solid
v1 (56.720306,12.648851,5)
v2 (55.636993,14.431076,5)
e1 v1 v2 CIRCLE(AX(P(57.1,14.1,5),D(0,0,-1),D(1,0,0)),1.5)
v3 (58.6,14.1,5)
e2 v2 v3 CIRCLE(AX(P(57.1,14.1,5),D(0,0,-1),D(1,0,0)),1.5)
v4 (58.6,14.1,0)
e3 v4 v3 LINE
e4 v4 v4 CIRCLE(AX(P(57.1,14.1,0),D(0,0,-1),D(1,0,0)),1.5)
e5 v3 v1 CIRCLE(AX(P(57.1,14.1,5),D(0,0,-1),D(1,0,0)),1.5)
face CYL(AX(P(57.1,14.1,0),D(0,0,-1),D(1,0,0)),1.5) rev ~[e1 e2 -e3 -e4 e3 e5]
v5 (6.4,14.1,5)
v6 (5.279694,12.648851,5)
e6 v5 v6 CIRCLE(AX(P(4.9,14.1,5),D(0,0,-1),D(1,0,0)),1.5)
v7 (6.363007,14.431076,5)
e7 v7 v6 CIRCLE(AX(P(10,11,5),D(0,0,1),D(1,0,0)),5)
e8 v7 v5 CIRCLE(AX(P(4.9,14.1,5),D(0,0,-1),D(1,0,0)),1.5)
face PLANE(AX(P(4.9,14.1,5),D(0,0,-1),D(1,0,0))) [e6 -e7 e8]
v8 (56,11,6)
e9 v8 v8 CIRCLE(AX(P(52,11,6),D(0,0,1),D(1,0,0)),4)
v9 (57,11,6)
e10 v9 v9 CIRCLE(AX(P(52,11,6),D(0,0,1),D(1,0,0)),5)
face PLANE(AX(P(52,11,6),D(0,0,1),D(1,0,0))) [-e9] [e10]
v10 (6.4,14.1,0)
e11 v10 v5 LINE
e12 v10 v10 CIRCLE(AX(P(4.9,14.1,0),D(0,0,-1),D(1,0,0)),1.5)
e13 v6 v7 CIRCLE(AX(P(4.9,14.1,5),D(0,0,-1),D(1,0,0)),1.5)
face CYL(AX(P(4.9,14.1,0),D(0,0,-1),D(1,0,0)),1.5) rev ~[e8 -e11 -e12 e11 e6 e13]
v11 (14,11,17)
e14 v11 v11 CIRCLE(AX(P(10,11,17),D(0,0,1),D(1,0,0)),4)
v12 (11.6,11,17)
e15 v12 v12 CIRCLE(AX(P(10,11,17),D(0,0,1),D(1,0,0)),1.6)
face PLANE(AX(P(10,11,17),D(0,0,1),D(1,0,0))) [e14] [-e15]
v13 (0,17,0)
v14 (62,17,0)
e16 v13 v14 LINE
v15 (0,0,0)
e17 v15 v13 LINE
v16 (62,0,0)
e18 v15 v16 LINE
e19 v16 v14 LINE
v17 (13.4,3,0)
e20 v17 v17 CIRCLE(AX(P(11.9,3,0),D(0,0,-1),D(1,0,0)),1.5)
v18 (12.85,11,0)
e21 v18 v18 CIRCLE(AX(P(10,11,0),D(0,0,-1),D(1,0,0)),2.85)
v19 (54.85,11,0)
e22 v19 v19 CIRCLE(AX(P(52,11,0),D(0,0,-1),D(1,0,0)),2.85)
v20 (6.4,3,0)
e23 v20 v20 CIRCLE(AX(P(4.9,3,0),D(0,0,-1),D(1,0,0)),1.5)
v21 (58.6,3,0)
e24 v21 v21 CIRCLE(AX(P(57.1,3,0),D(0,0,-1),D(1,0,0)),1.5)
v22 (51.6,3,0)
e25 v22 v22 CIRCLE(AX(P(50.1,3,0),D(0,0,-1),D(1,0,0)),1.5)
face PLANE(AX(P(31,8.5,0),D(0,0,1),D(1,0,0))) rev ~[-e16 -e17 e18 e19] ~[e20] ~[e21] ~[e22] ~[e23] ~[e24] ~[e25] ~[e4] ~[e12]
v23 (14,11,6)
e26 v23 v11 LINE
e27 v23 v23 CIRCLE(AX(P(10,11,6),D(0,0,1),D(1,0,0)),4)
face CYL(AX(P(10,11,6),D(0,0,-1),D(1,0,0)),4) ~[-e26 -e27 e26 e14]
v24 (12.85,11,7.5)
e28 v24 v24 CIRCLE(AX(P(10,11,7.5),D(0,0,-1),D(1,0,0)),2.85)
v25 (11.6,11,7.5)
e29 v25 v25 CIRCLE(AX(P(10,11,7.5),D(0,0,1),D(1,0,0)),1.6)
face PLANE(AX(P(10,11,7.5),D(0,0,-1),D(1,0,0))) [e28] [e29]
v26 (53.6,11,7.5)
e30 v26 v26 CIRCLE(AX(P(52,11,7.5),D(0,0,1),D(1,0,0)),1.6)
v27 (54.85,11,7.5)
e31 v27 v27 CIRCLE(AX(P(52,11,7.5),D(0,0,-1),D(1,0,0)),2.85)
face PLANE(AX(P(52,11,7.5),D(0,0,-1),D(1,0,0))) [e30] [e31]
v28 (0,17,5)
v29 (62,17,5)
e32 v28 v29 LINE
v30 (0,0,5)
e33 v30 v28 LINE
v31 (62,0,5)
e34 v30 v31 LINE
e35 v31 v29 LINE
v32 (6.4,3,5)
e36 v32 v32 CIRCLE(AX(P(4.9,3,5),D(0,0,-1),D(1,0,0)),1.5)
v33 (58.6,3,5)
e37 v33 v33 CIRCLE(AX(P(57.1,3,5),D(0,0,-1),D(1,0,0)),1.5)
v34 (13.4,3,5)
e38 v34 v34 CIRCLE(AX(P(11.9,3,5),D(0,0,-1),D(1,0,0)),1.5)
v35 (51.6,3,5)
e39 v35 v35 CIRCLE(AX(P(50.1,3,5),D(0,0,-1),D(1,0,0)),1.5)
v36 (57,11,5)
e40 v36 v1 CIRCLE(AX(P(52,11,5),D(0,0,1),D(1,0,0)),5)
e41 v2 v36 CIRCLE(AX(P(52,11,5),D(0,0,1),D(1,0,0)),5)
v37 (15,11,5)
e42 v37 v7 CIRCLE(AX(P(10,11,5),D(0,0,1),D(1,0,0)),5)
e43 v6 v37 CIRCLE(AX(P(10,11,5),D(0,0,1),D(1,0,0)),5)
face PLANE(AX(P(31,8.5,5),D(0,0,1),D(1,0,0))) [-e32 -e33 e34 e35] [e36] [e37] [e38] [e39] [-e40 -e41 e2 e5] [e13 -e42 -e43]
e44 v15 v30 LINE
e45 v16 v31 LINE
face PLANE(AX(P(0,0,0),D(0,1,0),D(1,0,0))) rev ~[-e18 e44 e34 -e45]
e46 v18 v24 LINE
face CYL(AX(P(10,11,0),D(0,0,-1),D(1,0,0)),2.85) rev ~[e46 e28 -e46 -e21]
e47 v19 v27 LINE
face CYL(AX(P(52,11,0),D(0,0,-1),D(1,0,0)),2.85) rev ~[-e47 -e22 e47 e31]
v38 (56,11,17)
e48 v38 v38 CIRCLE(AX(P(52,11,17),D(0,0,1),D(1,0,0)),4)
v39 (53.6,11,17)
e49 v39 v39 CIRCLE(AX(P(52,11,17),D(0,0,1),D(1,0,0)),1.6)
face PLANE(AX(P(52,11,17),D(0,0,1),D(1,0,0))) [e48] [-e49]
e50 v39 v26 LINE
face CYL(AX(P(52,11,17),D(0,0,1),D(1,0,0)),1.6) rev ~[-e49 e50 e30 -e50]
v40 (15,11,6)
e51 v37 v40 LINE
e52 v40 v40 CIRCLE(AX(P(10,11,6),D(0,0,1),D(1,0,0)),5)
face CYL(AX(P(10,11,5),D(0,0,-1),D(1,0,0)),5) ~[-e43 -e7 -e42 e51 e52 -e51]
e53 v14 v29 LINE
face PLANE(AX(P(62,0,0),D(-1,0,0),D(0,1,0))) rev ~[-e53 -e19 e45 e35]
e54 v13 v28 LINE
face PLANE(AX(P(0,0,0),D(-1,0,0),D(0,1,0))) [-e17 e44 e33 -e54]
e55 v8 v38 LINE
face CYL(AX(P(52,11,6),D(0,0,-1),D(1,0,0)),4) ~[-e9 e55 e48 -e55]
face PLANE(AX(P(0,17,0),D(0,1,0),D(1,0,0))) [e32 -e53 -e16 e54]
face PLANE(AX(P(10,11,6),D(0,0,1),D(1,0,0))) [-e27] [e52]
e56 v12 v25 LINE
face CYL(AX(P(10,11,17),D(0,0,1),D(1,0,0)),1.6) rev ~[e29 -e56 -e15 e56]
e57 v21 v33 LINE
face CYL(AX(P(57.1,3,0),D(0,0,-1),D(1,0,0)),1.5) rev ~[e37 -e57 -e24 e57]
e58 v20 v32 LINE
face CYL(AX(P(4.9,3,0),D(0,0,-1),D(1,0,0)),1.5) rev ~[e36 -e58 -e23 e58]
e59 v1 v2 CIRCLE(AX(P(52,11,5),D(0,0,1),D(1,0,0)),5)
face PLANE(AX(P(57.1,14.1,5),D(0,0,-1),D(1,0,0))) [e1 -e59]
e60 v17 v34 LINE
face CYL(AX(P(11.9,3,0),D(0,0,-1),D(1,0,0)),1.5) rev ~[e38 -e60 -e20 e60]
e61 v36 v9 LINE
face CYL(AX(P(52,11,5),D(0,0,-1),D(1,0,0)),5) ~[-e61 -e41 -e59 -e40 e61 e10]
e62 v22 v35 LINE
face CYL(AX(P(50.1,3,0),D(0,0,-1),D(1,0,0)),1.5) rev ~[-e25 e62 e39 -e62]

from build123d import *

# Parameters (mm, degrees)
F0_W      = 62
F0_H      = 17
F1_DEPTH  = 5
F2_R      = 5
F3_DEPTH  = 1
F4_R      = 4
F5_DEPTH  = 11
F6_R      = 2.85
F7_DEPTH  = 7.5
F8_R      = 1.6
F9_DEPTH  = 25
F10_R     = 1.5
F11_DEPTH = 5


with BuildPart() as f1:
    # F0 (on Top) → F1 (new body)
    with BuildSketch(Plane.XY):
        with Locations((31, 8.5)):
            Rectangle(F0_W, F0_H)
    extrude(amount=F1_DEPTH)

    # F2 (on face) → F3 (join)
    with BuildSketch(Plane.XY.offset(5)):
        with Locations((10, 11)):
            Circle(F2_R)
        with Locations((52, 11)):
            Circle(F2_R)
    extrude(amount=F3_DEPTH)

    # F4 (on face) → F5 (join)
    with BuildSketch(Plane.XY.offset(6)):
        with Locations((52, 11)):
            Circle(F4_R)
        with Locations((10, 11)):
            Circle(F4_R)
    extrude(amount=F5_DEPTH)

    # F6 (on face) → F7 (cut)
    with BuildSketch(Plane(origin=(0, 0, 0), x_dir=(1, 0, 0), z_dir=(0, 0, -1))):
        with Locations((52, -11)):
            Circle(F6_R)
        with Locations((10, -11)):
            Circle(F6_R)
    extrude(amount=-F7_DEPTH, mode=Mode.SUBTRACT)

    # F8 (on face) → F9 (cut)
    with BuildSketch(Plane.XY.offset(17)):
        with Locations((52, 11)):
            Circle(F8_R)
        with Locations((10, 11)):
            Circle(F8_R)
    extrude(amount=-F9_DEPTH, mode=Mode.SUBTRACT)

    # F10 (on face) → F11 (cut, through all)
    with BuildSketch(Plane(origin=(0, 0, 0), x_dir=(1, 0, 0), z_dir=(0, 0, -1))):
        with Locations((57.1, -14.1)):
            Circle(F10_R)
        with Locations((50.1, -3)):
            Circle(F10_R)
        with Locations((11.9, -3)):
            Circle(F10_R)
        with Locations((4.9, -14.1)):
            Circle(F10_R)
        with Locations((57.1, -3)):
            Circle(F10_R)
        with Locations((4.9, -3)):
            Circle(F10_R)
    extrude(amount=-F11_DEPTH, mode=Mode.SUBTRACT)


solid = f1.part
